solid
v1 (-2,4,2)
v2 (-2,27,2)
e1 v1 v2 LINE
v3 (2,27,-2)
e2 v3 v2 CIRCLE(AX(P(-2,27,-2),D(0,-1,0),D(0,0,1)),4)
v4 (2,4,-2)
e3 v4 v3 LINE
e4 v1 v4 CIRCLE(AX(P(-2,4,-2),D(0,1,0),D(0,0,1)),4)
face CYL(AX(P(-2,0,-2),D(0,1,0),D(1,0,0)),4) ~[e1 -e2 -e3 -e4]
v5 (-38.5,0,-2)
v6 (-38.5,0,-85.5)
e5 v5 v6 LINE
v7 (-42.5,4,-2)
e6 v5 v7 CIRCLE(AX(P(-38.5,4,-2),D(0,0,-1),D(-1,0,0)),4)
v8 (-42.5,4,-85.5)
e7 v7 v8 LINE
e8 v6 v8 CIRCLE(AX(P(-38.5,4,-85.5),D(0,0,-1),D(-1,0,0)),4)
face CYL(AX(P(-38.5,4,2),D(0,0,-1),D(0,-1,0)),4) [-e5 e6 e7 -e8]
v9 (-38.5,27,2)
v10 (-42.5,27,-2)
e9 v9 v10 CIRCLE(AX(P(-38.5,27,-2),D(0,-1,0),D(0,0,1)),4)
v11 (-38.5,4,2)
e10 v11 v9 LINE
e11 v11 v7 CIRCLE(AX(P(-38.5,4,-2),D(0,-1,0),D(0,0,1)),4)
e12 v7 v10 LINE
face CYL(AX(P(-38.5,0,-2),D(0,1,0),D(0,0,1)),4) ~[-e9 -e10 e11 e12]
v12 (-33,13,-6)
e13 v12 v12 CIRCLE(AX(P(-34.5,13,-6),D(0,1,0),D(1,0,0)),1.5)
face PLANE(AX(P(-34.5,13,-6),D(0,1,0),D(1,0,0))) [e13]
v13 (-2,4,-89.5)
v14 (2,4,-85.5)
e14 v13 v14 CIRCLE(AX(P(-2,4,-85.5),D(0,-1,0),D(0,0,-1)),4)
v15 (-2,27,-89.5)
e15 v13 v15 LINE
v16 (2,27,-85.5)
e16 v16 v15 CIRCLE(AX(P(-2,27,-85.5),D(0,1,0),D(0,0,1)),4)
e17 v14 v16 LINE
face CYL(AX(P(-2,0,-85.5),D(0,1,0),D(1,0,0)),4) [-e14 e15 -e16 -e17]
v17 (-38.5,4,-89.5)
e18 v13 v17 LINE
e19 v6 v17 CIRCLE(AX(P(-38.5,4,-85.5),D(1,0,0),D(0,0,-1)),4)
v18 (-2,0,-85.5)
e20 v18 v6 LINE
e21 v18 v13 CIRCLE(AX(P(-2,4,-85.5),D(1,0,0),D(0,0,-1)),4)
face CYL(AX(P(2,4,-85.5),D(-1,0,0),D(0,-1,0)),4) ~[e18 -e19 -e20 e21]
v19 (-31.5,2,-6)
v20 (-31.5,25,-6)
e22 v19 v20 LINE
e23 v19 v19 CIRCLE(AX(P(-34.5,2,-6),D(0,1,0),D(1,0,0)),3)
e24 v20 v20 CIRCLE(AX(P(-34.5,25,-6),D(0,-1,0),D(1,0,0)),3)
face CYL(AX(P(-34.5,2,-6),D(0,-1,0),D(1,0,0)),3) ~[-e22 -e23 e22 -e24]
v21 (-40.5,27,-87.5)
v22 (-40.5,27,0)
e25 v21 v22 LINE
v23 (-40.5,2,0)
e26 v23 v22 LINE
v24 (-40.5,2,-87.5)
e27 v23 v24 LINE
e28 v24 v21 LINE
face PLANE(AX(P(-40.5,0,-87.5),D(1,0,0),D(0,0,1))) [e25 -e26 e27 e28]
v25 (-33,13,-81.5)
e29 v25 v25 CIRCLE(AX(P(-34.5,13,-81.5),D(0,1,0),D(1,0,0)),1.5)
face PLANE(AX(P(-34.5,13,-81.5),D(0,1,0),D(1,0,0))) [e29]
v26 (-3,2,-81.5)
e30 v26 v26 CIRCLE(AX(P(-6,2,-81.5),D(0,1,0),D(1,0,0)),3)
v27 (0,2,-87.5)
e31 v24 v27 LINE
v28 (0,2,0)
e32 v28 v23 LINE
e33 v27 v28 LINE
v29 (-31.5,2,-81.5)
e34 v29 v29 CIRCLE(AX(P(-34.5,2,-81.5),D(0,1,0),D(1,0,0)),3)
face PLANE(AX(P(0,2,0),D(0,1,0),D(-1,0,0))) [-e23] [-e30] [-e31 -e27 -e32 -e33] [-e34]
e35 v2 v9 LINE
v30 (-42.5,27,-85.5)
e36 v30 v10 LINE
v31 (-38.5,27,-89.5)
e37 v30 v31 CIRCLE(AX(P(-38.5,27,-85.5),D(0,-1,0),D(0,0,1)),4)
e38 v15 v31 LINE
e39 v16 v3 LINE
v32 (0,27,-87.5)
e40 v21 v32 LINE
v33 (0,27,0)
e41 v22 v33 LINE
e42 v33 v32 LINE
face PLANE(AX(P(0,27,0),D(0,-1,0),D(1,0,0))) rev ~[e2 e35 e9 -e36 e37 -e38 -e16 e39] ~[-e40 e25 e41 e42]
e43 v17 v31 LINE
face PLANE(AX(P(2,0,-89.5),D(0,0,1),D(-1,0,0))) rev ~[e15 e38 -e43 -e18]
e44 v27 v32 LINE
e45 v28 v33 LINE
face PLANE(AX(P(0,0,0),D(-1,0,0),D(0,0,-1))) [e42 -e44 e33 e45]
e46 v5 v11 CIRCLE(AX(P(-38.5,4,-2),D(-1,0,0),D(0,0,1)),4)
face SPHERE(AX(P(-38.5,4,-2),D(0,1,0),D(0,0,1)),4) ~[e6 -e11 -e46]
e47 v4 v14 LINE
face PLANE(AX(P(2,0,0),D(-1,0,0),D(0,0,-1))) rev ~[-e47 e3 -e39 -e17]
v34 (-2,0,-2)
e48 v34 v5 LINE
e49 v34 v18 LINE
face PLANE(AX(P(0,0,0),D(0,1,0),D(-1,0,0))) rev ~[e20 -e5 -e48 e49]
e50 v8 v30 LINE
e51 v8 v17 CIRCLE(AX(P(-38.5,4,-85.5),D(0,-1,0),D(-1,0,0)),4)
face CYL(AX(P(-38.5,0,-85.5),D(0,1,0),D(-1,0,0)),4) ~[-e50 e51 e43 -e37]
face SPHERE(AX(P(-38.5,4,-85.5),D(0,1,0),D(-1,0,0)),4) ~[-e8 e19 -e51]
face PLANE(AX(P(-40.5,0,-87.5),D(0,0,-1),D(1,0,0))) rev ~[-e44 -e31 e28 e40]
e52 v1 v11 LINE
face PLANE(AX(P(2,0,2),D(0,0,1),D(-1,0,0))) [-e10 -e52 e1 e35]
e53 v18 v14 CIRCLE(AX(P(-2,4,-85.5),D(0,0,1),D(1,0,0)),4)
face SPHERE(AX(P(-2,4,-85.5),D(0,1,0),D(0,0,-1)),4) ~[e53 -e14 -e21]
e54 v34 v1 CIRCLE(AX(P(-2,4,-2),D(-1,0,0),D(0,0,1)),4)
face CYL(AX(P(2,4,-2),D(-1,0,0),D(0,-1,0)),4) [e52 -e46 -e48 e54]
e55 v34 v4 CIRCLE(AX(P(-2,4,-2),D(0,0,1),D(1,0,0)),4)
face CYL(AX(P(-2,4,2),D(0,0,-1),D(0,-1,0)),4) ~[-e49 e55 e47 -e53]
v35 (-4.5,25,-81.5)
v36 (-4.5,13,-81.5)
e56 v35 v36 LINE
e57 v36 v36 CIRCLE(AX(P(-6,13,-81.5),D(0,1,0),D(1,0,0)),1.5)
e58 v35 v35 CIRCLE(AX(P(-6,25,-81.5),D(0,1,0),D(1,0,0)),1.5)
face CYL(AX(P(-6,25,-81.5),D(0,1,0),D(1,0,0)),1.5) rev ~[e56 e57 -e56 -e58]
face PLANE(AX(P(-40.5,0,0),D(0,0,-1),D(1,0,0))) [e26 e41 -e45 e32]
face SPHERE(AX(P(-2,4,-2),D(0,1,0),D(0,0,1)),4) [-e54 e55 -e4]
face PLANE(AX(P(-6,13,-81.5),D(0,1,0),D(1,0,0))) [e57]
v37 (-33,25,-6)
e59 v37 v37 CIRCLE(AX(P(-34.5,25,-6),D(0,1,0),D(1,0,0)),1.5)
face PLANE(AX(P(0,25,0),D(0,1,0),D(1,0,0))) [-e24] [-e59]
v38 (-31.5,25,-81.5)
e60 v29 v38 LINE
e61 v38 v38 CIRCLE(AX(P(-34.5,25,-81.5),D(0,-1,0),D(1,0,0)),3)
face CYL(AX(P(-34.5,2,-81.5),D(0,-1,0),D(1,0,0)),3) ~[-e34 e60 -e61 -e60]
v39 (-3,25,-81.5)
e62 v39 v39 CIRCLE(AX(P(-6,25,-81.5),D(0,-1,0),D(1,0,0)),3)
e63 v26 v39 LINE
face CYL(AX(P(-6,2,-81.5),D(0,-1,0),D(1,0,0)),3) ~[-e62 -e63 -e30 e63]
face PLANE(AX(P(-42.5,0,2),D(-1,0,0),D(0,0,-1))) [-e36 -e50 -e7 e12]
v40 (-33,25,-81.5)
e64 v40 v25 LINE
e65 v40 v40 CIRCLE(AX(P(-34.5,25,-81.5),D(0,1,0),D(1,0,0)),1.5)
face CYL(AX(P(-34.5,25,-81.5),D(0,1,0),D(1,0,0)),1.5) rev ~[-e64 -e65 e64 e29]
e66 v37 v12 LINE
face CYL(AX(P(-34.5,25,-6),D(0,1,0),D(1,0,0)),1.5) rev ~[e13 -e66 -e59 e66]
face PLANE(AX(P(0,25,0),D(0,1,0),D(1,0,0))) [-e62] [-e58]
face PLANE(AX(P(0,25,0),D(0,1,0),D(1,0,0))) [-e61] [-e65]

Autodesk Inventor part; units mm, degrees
ref_plane "YZ Plane" through (0, 0, 0) normal (1, 0, 0) x (0, 1, 0)
ref_plane "XZ Plane" through (0, 0, 0) normal (0, 1, 0) x (-1, 0, 0)
ref_plane "XY Plane" through (0, 0, 0) normal (0, 0, 1) x (1, 0, 0)
sketch "Sketch1" plane through (0, 0, 0) normal (0, 1, 0) x (-1, 0, 0)
  line L0 (0, 0) -> (40.5, 0)
  line L1 (40.5, 0) -> (40.5, -87.5)
  line L2 (40.5, -87.5) -> (0, -87.5)
  line L3 (0, -87.5) -> (0, 0)
  dimension "d0" = 40.5
  dimension "d1" = 87.5
extrude "Extrusion1" add sketch "Sketch1" along normal blind 2
sketch "Sketch3" plane through (0, 2, 0) normal (0, 1, 0) x (1, 0, 0)
  line L0 (-40.5, 0) -> (0, 0) projected
  line L1 (-40.5, 0) -> (-34.5, 0)
  line L2 (-34.5, 0) -> (-34.5, 6)
  line L3 (-34.5, 6) -> (-40.5, 6)
  line L4 (-40.5, 6) -> (-40.5, 0)
  circle A0 centre (-34.5, 6) radius 3
  line L5 (-40.5, 87.5) -> (-40.5, 0) projected
  line L6 (-40.5, 87.5) -> (-34.5, 87.5)
  line L7 (-34.5, 87.5) -> (-34.5, 81.5)
  line L8 (-34.5, 81.5) -> (-40.5, 81.5)
  line L9 (-40.5, 81.5) -> (-40.5, 87.5)
  circle A1 centre (-34.5, 81.5) radius 3
  line L10 (0, 0) -> (0, 87.5) projected
  line L11 (0, 87.5) -> (-6, 87.5)
  line L12 (-6, 87.5) -> (-6, 81.5)
  line L13 (-6, 81.5) -> (0, 81.5)
  line L14 (0, 81.5) -> (0, 87.5)
  circle A2 centre (-6, 81.5) radius 3
  dimension "d4" = 6
  dimension "d5" = 6
  dimension "d6" = 6
  dimension "d7" = 6
  dimension "d8" = 6
  dimension "d9" = 6
  dimension "d10" = 6
  dimension "d11" = 6
  dimension "d12" = 6
extrude "Extrusion2" add sketch "Sketch3" along normal blind 23 contours A0 L3 L2 | L2 L3 A0 | A1 L7 L8 | L8 L7 A1 | A2 L12 L13 | L13 L12 A2
sketch "Sketch4" plane through (-34.5, 25, -6) normal (0, 1, 0) x (1, 0, 0)
  circle A0 centre (0, 0) radius 1.5
  point P0 (34.5, -6)
  dimension "d15" = 3
sketch "Sketch5" plane through (-34.5, 25, -81.5) normal (0, 1, 0) x (1, 0, 0)
  circle A0 centre (0, 0) radius 1.5
  point P0 (34.5, -81.5)
  dimension "d16" = 3
sketch "Sketch6" plane through (-6, 25, -81.5) normal (0, 1, 0) x (1, 0, 0)
  circle A0 centre (0, 0) radius 1.5
  point P0 (6, -81.5)
  dimension "d17" = 3
extrude "Extrusion3" cut sketch "Sketch4" against normal blind 12
extrude "Extrusion4" cut sketch "Sketch5" against normal blind 12
extrude "Extrusion5" cut sketch "Sketch6" against normal blind 12
sketch "Sketch7" plane through (0, 0, 0) normal (0, -1, 0) x (1, 0, 0)
  line L0 (0, 0) -> (0, -87.5) projected
  line L1 (0, 0) -> (2, 0)
  line L2 (2, 0) -> (2, -87.5)
  line L3 (2, -87.5) -> (0, -87.5)
  line L4 (0, -87.5) -> (0, 0)
  line L5 (-40.5, 0) -> (0, 0) projected
  line L6 (-40.5, 0) -> (-42.5, 0)
  line L7 (-42.5, 0) -> (-42.5, -87.5)
  line L8 (-42.5, -87.5) -> (-40.5, -87.5)
  line L9 (-40.5, -87.5) -> (-40.5, 0)
  line L10 (-42.5, -87.5) -> (2, -87.5)
  line L11 (2, -87.5) -> (2, -89.5)
  line L12 (2, -89.5) -> (-42.5, -89.5)
  line L13 (-42.5, -89.5) -> (-42.5, -87.5)
  line L14 (-42.5, 0) -> (2, 0)
  line L15 (2, 0) -> (2, 2)
  line L16 (2, 2) -> (-42.5, 2)
  line L17 (-42.5, 2) -> (-42.5, 0)
  dimension "d24" = 2
  dimension "d25" = 2
  dimension "d26" = 2
  dimension "d27" = 2
extrude "Extrusion6" add sketch "Sketch7" against normal blind 27 contours L1 L2 L3 L0 | L5 L6 L17 L16 L15 L1 | L3 L11 L12 L13 L8 L10 | L9 L8 L7 L6
fillet "Fillet1" radius 4 8 edges at (2, 13.5, 2) (2, 13.5, -89.5) (-42.5, 13.5, -89.5) (-42.5, 13.5, 2) (-20.25, 0, 2) (-42.5, 0, -43.75) (-20.25, 0, -89.5) (2, 0, -43.75)
properties part number "BottomcaseV2"
